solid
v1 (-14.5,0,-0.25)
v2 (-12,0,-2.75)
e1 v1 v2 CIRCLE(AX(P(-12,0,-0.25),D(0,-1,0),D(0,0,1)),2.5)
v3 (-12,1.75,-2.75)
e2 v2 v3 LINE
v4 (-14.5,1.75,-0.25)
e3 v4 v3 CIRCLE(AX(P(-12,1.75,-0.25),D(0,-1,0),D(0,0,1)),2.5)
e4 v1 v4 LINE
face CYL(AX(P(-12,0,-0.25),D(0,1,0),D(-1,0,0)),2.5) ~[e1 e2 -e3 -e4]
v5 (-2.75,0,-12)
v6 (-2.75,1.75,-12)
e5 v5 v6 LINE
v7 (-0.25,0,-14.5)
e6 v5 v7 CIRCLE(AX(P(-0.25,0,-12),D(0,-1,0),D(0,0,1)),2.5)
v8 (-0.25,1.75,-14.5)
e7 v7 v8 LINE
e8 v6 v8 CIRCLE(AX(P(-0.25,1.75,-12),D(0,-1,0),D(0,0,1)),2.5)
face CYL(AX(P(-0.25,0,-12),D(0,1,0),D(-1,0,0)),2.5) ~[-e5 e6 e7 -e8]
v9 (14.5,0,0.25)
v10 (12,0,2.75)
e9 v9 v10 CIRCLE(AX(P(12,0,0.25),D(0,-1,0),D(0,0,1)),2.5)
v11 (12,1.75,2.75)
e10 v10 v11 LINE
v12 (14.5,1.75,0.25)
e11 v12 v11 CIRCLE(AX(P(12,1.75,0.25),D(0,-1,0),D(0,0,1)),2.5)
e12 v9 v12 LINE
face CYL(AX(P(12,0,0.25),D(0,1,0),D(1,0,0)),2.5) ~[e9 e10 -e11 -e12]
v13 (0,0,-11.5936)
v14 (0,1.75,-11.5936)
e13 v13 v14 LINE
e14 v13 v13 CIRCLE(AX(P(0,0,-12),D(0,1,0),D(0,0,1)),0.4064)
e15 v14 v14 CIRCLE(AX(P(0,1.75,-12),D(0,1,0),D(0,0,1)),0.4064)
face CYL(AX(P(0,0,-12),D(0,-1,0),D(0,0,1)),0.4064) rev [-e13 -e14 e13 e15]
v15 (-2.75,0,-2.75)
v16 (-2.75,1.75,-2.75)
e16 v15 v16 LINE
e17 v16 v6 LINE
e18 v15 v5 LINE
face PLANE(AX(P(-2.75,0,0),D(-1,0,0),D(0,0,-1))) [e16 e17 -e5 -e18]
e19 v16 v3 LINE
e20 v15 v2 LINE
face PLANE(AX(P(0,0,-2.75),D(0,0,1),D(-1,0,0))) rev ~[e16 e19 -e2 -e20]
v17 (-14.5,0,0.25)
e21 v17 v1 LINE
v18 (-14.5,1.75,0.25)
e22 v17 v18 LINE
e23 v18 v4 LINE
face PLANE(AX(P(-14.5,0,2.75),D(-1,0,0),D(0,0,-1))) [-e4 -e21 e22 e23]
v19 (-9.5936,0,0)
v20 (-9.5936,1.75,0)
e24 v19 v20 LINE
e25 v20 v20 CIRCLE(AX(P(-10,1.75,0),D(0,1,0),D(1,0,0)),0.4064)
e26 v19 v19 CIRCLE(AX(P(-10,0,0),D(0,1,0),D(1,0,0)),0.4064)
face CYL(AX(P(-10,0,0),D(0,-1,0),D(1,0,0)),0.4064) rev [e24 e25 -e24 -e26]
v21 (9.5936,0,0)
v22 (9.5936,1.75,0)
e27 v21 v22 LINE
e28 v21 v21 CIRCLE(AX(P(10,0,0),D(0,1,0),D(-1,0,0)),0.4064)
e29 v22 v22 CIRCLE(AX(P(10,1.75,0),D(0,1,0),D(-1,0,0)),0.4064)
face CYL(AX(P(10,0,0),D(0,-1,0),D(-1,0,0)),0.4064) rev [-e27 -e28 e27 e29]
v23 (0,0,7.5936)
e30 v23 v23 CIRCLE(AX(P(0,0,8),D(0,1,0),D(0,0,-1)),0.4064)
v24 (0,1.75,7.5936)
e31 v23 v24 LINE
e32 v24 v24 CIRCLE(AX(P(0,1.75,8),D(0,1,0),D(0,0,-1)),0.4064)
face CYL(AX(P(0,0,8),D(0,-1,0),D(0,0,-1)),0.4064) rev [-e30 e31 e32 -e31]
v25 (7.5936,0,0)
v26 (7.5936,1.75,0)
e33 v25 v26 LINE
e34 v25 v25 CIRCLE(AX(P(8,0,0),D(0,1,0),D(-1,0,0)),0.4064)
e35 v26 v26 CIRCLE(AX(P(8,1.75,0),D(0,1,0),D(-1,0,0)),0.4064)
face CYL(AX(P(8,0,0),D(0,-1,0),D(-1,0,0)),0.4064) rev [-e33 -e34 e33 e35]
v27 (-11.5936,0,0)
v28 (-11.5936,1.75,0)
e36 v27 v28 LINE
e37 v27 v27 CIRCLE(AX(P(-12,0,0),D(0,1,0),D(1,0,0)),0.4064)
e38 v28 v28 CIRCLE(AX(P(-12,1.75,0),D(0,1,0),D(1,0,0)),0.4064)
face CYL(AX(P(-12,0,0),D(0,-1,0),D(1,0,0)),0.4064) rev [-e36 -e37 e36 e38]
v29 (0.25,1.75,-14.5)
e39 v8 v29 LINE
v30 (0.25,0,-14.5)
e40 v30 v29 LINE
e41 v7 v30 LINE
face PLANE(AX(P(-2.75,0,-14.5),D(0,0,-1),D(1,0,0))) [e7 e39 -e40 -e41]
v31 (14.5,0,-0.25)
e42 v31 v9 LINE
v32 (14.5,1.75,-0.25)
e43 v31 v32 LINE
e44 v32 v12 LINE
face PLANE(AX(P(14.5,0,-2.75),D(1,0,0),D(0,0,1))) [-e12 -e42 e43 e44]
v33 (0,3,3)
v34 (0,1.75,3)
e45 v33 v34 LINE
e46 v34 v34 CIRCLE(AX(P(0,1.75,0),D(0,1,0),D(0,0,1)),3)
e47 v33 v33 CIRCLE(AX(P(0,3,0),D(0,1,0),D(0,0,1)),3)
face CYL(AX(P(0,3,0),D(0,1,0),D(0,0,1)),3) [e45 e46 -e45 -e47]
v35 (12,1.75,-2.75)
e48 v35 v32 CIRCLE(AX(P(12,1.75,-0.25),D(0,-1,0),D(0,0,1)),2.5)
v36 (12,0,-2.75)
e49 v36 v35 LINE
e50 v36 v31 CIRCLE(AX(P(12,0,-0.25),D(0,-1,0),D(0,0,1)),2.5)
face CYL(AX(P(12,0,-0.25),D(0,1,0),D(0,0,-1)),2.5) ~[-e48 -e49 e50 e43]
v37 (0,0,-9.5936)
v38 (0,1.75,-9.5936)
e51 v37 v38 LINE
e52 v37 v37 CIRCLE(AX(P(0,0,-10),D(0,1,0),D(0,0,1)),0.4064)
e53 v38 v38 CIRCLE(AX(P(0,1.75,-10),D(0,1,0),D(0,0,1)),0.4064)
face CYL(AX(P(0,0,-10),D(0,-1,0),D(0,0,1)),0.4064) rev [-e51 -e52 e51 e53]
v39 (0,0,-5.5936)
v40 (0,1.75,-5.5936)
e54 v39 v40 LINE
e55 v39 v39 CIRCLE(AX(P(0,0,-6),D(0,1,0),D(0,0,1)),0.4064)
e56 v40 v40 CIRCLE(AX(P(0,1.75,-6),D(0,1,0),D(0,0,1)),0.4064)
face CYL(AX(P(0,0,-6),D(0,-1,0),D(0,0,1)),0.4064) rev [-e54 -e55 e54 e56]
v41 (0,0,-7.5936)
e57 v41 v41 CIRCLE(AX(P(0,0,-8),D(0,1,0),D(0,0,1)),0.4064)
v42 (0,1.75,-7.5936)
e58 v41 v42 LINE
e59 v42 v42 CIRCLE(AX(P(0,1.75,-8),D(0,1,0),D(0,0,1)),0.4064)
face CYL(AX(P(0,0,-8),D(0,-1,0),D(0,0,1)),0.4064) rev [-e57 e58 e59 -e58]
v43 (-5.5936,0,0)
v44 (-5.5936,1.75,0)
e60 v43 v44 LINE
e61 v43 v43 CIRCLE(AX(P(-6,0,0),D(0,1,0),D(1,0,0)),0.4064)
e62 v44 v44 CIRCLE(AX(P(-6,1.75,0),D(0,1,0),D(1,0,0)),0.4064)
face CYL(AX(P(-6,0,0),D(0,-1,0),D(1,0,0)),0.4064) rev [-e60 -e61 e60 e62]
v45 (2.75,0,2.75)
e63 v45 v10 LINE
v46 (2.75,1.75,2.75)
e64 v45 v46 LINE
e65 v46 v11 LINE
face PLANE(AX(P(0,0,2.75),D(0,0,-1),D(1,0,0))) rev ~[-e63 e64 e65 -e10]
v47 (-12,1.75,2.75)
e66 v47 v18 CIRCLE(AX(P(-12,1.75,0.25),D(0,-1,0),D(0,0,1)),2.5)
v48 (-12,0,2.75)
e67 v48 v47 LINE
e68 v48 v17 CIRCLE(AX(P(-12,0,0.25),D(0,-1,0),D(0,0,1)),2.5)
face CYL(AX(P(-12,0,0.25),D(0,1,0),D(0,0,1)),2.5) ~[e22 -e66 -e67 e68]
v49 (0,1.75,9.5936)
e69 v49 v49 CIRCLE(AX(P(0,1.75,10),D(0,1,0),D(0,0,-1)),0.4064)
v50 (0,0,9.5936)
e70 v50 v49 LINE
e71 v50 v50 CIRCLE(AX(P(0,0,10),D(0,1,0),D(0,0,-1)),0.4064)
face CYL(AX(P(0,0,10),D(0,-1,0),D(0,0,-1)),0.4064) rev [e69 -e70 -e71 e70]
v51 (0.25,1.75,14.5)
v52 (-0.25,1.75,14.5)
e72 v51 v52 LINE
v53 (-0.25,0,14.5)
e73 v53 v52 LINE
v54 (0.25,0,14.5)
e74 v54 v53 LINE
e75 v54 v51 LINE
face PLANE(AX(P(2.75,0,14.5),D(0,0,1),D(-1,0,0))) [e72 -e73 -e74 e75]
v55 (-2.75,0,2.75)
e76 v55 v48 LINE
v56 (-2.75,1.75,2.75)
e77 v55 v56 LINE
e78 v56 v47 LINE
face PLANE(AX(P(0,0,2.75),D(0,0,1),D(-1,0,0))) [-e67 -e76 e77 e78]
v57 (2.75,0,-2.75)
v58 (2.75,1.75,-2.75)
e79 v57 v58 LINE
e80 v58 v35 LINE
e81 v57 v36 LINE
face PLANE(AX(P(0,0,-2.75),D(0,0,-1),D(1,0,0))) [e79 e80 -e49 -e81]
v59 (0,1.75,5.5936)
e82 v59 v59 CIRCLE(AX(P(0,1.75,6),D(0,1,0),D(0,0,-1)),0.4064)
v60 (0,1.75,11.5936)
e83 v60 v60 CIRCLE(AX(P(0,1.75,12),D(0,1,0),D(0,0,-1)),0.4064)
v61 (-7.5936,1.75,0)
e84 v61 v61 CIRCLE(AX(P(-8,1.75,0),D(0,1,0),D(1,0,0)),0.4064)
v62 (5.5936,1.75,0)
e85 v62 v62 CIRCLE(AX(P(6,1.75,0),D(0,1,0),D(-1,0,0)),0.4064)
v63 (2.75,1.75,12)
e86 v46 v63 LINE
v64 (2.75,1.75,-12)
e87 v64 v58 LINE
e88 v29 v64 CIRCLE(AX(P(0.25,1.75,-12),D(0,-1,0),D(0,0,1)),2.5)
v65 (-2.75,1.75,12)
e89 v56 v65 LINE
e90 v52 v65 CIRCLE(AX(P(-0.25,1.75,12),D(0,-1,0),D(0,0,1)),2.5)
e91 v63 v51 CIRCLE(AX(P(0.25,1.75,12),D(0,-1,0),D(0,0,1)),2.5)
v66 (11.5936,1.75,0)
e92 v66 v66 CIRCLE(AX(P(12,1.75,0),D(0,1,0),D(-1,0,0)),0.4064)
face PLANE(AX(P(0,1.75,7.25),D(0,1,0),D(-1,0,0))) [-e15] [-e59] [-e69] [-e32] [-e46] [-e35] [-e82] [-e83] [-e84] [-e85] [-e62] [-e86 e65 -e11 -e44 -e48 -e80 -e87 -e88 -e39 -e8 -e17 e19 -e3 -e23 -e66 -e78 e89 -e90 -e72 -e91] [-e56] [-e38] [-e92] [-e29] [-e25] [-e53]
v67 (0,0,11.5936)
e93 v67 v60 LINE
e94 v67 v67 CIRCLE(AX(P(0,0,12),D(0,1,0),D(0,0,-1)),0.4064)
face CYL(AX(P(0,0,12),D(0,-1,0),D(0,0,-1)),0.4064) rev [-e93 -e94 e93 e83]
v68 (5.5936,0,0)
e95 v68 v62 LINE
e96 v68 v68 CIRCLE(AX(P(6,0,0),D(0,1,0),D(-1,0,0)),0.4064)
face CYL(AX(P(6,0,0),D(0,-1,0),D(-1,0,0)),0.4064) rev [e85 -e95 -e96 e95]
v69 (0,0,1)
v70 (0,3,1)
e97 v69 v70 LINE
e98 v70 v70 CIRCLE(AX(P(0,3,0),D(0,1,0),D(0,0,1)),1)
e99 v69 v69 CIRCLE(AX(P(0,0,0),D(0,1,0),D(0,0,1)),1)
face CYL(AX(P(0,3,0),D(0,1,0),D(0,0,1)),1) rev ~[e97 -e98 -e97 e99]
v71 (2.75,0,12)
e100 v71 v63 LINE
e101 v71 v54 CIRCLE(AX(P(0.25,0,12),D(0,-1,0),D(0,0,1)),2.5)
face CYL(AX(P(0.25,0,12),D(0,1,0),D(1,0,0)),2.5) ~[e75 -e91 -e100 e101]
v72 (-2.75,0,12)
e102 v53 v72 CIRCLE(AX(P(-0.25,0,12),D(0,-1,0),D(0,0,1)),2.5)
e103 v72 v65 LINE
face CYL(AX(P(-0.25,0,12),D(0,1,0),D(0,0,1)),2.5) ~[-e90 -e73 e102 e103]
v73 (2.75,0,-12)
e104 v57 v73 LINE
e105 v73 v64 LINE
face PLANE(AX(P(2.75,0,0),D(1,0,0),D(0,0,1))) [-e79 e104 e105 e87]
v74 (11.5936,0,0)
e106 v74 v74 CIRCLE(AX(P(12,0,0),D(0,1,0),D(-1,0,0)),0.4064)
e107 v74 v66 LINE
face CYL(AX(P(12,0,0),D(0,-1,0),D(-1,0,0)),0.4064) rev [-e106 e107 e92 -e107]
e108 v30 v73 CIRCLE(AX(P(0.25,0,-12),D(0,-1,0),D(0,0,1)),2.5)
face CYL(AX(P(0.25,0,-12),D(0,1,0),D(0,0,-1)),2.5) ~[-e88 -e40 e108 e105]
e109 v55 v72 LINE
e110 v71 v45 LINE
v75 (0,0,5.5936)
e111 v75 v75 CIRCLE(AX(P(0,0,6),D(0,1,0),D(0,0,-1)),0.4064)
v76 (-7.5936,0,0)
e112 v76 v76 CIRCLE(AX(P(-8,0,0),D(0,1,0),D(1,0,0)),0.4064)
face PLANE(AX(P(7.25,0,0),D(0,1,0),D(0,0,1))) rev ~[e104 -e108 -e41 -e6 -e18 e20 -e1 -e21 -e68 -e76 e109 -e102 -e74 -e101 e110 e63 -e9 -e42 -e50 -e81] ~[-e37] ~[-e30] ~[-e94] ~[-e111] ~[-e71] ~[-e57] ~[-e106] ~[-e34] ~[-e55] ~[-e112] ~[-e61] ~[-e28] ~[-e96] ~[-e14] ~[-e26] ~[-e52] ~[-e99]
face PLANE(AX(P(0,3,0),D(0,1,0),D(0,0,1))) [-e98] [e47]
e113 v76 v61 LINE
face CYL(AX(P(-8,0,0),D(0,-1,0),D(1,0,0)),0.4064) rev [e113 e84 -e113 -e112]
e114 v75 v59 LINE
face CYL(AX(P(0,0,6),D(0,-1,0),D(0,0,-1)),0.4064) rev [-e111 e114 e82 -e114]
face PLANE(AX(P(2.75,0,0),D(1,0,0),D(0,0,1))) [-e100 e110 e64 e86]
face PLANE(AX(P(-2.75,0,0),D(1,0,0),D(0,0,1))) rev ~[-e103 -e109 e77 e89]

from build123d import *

# Parameters (mm, degrees)
SKETCH1_W                = 5.5
SKETCH1_H                = 14.5
SKETCH1_R                = 0.4064
BOSS_EXTRUDE1_DEPTH      = 1.75
FILLET1_R                = 2.5
CIRPATTERN1_COUNT        = 4
FILLET1_OF_CIRPATTERN1_R = 2.5
CUT_EXTRUDE1_REACH       = 22.581
SKETCH2_R                = 1
BOSS_EXTRUDE2_START      = 1.25
SKETCH3_R                = 3
SKETCH3_R_2              = 1
BOSS_EXTRUDE2_DEPTH      = 1.25


with BuildPart() as part:
    # Sketch1 → Boss-Extrude1 (new body)
    with BuildSketch(Plane(origin=(0, 0, 0), x_dir=(1, 0, 0), z_dir=(0, 1, 0))):
        with Locations((0, 7.25)):
            Rectangle(SKETCH1_W, SKETCH1_H)
        with Locations((0, 12)):
            Circle(SKETCH1_R, mode=Mode.SUBTRACT)
        with Locations((0, 10)):
            Circle(SKETCH1_R, mode=Mode.SUBTRACT)
        with Locations((0, 8)):
            Circle(SKETCH1_R, mode=Mode.SUBTRACT)
        with Locations((0, 6)):
            Circle(SKETCH1_R, mode=Mode.SUBTRACT)
    boss_extrude1 = extrude(amount=BOSS_EXTRUDE1_DEPTH)

    # Fillet1
    fillet1_edges = [part.edges().sort_by_distance(p)[0] for p in [
        (-2.75, 0.875, -14.5),
        (2.75, 0.875, -14.5),
    ]]
    fillet(fillet1_edges, radius=FILLET1_R)

    # CirPattern1: Boss-Extrude1 ×4 about axis
    cirpattern1_axis = Axis((0, 0, 0), (0, 1, 0))
    for i in range(1, CIRPATTERN1_COUNT):
        add(boss_extrude1.rotate(cirpattern1_axis, i * 360 / CIRPATTERN1_COUNT))

    # Fillet1 of CirPattern1
    fillet1_of_cirpattern1_edges = [part.edges().sort_by_distance(p)[0] for p in [
        (-14.5, 0.875, 2.75),
        (-14.5, 0.875, -2.75),
        (2.75, 0.875, 14.5),
        (-2.75, 0.875, 14.5),
        (14.5, 0.875, -2.75),
        (14.5, 0.875, 2.75),
    ]]
    fillet(fillet1_of_cirpattern1_edges, radius=FILLET1_OF_CIRPATTERN1_R)

    # Sketch2 → Cut-Extrude1 (cut, up to next)
    with BuildSketch(Plane(origin=(0, 1.75, 0), x_dir=(1, 0, 0), z_dir=(0, 1, 0)), mode=Mode.PRIVATE) as cut_extrude1_sk1:
        Circle(SKETCH2_R)
    cut_extrude1_tool1 = extrude(cut_extrude1_sk1.sketch, amount=-CUT_EXTRUDE1_REACH, mode=Mode.PRIVATE) & part.part
    add(cut_extrude1_tool1.solids().sort_by_distance((0, 1.75, 0))[0], mode=Mode.SUBTRACT)

    # Sketch3 → Boss-Extrude2 (add)
    with BuildSketch(Plane(origin=(0, 1.75, 0), x_dir=(1, 0, 0), z_dir=(0, 1, 0)).offset(BOSS_EXTRUDE2_START)):
        Circle(SKETCH3_R)
        Circle(SKETCH3_R_2, mode=Mode.SUBTRACT)
    extrude(amount=-BOSS_EXTRUDE2_DEPTH)


solid = part.part
